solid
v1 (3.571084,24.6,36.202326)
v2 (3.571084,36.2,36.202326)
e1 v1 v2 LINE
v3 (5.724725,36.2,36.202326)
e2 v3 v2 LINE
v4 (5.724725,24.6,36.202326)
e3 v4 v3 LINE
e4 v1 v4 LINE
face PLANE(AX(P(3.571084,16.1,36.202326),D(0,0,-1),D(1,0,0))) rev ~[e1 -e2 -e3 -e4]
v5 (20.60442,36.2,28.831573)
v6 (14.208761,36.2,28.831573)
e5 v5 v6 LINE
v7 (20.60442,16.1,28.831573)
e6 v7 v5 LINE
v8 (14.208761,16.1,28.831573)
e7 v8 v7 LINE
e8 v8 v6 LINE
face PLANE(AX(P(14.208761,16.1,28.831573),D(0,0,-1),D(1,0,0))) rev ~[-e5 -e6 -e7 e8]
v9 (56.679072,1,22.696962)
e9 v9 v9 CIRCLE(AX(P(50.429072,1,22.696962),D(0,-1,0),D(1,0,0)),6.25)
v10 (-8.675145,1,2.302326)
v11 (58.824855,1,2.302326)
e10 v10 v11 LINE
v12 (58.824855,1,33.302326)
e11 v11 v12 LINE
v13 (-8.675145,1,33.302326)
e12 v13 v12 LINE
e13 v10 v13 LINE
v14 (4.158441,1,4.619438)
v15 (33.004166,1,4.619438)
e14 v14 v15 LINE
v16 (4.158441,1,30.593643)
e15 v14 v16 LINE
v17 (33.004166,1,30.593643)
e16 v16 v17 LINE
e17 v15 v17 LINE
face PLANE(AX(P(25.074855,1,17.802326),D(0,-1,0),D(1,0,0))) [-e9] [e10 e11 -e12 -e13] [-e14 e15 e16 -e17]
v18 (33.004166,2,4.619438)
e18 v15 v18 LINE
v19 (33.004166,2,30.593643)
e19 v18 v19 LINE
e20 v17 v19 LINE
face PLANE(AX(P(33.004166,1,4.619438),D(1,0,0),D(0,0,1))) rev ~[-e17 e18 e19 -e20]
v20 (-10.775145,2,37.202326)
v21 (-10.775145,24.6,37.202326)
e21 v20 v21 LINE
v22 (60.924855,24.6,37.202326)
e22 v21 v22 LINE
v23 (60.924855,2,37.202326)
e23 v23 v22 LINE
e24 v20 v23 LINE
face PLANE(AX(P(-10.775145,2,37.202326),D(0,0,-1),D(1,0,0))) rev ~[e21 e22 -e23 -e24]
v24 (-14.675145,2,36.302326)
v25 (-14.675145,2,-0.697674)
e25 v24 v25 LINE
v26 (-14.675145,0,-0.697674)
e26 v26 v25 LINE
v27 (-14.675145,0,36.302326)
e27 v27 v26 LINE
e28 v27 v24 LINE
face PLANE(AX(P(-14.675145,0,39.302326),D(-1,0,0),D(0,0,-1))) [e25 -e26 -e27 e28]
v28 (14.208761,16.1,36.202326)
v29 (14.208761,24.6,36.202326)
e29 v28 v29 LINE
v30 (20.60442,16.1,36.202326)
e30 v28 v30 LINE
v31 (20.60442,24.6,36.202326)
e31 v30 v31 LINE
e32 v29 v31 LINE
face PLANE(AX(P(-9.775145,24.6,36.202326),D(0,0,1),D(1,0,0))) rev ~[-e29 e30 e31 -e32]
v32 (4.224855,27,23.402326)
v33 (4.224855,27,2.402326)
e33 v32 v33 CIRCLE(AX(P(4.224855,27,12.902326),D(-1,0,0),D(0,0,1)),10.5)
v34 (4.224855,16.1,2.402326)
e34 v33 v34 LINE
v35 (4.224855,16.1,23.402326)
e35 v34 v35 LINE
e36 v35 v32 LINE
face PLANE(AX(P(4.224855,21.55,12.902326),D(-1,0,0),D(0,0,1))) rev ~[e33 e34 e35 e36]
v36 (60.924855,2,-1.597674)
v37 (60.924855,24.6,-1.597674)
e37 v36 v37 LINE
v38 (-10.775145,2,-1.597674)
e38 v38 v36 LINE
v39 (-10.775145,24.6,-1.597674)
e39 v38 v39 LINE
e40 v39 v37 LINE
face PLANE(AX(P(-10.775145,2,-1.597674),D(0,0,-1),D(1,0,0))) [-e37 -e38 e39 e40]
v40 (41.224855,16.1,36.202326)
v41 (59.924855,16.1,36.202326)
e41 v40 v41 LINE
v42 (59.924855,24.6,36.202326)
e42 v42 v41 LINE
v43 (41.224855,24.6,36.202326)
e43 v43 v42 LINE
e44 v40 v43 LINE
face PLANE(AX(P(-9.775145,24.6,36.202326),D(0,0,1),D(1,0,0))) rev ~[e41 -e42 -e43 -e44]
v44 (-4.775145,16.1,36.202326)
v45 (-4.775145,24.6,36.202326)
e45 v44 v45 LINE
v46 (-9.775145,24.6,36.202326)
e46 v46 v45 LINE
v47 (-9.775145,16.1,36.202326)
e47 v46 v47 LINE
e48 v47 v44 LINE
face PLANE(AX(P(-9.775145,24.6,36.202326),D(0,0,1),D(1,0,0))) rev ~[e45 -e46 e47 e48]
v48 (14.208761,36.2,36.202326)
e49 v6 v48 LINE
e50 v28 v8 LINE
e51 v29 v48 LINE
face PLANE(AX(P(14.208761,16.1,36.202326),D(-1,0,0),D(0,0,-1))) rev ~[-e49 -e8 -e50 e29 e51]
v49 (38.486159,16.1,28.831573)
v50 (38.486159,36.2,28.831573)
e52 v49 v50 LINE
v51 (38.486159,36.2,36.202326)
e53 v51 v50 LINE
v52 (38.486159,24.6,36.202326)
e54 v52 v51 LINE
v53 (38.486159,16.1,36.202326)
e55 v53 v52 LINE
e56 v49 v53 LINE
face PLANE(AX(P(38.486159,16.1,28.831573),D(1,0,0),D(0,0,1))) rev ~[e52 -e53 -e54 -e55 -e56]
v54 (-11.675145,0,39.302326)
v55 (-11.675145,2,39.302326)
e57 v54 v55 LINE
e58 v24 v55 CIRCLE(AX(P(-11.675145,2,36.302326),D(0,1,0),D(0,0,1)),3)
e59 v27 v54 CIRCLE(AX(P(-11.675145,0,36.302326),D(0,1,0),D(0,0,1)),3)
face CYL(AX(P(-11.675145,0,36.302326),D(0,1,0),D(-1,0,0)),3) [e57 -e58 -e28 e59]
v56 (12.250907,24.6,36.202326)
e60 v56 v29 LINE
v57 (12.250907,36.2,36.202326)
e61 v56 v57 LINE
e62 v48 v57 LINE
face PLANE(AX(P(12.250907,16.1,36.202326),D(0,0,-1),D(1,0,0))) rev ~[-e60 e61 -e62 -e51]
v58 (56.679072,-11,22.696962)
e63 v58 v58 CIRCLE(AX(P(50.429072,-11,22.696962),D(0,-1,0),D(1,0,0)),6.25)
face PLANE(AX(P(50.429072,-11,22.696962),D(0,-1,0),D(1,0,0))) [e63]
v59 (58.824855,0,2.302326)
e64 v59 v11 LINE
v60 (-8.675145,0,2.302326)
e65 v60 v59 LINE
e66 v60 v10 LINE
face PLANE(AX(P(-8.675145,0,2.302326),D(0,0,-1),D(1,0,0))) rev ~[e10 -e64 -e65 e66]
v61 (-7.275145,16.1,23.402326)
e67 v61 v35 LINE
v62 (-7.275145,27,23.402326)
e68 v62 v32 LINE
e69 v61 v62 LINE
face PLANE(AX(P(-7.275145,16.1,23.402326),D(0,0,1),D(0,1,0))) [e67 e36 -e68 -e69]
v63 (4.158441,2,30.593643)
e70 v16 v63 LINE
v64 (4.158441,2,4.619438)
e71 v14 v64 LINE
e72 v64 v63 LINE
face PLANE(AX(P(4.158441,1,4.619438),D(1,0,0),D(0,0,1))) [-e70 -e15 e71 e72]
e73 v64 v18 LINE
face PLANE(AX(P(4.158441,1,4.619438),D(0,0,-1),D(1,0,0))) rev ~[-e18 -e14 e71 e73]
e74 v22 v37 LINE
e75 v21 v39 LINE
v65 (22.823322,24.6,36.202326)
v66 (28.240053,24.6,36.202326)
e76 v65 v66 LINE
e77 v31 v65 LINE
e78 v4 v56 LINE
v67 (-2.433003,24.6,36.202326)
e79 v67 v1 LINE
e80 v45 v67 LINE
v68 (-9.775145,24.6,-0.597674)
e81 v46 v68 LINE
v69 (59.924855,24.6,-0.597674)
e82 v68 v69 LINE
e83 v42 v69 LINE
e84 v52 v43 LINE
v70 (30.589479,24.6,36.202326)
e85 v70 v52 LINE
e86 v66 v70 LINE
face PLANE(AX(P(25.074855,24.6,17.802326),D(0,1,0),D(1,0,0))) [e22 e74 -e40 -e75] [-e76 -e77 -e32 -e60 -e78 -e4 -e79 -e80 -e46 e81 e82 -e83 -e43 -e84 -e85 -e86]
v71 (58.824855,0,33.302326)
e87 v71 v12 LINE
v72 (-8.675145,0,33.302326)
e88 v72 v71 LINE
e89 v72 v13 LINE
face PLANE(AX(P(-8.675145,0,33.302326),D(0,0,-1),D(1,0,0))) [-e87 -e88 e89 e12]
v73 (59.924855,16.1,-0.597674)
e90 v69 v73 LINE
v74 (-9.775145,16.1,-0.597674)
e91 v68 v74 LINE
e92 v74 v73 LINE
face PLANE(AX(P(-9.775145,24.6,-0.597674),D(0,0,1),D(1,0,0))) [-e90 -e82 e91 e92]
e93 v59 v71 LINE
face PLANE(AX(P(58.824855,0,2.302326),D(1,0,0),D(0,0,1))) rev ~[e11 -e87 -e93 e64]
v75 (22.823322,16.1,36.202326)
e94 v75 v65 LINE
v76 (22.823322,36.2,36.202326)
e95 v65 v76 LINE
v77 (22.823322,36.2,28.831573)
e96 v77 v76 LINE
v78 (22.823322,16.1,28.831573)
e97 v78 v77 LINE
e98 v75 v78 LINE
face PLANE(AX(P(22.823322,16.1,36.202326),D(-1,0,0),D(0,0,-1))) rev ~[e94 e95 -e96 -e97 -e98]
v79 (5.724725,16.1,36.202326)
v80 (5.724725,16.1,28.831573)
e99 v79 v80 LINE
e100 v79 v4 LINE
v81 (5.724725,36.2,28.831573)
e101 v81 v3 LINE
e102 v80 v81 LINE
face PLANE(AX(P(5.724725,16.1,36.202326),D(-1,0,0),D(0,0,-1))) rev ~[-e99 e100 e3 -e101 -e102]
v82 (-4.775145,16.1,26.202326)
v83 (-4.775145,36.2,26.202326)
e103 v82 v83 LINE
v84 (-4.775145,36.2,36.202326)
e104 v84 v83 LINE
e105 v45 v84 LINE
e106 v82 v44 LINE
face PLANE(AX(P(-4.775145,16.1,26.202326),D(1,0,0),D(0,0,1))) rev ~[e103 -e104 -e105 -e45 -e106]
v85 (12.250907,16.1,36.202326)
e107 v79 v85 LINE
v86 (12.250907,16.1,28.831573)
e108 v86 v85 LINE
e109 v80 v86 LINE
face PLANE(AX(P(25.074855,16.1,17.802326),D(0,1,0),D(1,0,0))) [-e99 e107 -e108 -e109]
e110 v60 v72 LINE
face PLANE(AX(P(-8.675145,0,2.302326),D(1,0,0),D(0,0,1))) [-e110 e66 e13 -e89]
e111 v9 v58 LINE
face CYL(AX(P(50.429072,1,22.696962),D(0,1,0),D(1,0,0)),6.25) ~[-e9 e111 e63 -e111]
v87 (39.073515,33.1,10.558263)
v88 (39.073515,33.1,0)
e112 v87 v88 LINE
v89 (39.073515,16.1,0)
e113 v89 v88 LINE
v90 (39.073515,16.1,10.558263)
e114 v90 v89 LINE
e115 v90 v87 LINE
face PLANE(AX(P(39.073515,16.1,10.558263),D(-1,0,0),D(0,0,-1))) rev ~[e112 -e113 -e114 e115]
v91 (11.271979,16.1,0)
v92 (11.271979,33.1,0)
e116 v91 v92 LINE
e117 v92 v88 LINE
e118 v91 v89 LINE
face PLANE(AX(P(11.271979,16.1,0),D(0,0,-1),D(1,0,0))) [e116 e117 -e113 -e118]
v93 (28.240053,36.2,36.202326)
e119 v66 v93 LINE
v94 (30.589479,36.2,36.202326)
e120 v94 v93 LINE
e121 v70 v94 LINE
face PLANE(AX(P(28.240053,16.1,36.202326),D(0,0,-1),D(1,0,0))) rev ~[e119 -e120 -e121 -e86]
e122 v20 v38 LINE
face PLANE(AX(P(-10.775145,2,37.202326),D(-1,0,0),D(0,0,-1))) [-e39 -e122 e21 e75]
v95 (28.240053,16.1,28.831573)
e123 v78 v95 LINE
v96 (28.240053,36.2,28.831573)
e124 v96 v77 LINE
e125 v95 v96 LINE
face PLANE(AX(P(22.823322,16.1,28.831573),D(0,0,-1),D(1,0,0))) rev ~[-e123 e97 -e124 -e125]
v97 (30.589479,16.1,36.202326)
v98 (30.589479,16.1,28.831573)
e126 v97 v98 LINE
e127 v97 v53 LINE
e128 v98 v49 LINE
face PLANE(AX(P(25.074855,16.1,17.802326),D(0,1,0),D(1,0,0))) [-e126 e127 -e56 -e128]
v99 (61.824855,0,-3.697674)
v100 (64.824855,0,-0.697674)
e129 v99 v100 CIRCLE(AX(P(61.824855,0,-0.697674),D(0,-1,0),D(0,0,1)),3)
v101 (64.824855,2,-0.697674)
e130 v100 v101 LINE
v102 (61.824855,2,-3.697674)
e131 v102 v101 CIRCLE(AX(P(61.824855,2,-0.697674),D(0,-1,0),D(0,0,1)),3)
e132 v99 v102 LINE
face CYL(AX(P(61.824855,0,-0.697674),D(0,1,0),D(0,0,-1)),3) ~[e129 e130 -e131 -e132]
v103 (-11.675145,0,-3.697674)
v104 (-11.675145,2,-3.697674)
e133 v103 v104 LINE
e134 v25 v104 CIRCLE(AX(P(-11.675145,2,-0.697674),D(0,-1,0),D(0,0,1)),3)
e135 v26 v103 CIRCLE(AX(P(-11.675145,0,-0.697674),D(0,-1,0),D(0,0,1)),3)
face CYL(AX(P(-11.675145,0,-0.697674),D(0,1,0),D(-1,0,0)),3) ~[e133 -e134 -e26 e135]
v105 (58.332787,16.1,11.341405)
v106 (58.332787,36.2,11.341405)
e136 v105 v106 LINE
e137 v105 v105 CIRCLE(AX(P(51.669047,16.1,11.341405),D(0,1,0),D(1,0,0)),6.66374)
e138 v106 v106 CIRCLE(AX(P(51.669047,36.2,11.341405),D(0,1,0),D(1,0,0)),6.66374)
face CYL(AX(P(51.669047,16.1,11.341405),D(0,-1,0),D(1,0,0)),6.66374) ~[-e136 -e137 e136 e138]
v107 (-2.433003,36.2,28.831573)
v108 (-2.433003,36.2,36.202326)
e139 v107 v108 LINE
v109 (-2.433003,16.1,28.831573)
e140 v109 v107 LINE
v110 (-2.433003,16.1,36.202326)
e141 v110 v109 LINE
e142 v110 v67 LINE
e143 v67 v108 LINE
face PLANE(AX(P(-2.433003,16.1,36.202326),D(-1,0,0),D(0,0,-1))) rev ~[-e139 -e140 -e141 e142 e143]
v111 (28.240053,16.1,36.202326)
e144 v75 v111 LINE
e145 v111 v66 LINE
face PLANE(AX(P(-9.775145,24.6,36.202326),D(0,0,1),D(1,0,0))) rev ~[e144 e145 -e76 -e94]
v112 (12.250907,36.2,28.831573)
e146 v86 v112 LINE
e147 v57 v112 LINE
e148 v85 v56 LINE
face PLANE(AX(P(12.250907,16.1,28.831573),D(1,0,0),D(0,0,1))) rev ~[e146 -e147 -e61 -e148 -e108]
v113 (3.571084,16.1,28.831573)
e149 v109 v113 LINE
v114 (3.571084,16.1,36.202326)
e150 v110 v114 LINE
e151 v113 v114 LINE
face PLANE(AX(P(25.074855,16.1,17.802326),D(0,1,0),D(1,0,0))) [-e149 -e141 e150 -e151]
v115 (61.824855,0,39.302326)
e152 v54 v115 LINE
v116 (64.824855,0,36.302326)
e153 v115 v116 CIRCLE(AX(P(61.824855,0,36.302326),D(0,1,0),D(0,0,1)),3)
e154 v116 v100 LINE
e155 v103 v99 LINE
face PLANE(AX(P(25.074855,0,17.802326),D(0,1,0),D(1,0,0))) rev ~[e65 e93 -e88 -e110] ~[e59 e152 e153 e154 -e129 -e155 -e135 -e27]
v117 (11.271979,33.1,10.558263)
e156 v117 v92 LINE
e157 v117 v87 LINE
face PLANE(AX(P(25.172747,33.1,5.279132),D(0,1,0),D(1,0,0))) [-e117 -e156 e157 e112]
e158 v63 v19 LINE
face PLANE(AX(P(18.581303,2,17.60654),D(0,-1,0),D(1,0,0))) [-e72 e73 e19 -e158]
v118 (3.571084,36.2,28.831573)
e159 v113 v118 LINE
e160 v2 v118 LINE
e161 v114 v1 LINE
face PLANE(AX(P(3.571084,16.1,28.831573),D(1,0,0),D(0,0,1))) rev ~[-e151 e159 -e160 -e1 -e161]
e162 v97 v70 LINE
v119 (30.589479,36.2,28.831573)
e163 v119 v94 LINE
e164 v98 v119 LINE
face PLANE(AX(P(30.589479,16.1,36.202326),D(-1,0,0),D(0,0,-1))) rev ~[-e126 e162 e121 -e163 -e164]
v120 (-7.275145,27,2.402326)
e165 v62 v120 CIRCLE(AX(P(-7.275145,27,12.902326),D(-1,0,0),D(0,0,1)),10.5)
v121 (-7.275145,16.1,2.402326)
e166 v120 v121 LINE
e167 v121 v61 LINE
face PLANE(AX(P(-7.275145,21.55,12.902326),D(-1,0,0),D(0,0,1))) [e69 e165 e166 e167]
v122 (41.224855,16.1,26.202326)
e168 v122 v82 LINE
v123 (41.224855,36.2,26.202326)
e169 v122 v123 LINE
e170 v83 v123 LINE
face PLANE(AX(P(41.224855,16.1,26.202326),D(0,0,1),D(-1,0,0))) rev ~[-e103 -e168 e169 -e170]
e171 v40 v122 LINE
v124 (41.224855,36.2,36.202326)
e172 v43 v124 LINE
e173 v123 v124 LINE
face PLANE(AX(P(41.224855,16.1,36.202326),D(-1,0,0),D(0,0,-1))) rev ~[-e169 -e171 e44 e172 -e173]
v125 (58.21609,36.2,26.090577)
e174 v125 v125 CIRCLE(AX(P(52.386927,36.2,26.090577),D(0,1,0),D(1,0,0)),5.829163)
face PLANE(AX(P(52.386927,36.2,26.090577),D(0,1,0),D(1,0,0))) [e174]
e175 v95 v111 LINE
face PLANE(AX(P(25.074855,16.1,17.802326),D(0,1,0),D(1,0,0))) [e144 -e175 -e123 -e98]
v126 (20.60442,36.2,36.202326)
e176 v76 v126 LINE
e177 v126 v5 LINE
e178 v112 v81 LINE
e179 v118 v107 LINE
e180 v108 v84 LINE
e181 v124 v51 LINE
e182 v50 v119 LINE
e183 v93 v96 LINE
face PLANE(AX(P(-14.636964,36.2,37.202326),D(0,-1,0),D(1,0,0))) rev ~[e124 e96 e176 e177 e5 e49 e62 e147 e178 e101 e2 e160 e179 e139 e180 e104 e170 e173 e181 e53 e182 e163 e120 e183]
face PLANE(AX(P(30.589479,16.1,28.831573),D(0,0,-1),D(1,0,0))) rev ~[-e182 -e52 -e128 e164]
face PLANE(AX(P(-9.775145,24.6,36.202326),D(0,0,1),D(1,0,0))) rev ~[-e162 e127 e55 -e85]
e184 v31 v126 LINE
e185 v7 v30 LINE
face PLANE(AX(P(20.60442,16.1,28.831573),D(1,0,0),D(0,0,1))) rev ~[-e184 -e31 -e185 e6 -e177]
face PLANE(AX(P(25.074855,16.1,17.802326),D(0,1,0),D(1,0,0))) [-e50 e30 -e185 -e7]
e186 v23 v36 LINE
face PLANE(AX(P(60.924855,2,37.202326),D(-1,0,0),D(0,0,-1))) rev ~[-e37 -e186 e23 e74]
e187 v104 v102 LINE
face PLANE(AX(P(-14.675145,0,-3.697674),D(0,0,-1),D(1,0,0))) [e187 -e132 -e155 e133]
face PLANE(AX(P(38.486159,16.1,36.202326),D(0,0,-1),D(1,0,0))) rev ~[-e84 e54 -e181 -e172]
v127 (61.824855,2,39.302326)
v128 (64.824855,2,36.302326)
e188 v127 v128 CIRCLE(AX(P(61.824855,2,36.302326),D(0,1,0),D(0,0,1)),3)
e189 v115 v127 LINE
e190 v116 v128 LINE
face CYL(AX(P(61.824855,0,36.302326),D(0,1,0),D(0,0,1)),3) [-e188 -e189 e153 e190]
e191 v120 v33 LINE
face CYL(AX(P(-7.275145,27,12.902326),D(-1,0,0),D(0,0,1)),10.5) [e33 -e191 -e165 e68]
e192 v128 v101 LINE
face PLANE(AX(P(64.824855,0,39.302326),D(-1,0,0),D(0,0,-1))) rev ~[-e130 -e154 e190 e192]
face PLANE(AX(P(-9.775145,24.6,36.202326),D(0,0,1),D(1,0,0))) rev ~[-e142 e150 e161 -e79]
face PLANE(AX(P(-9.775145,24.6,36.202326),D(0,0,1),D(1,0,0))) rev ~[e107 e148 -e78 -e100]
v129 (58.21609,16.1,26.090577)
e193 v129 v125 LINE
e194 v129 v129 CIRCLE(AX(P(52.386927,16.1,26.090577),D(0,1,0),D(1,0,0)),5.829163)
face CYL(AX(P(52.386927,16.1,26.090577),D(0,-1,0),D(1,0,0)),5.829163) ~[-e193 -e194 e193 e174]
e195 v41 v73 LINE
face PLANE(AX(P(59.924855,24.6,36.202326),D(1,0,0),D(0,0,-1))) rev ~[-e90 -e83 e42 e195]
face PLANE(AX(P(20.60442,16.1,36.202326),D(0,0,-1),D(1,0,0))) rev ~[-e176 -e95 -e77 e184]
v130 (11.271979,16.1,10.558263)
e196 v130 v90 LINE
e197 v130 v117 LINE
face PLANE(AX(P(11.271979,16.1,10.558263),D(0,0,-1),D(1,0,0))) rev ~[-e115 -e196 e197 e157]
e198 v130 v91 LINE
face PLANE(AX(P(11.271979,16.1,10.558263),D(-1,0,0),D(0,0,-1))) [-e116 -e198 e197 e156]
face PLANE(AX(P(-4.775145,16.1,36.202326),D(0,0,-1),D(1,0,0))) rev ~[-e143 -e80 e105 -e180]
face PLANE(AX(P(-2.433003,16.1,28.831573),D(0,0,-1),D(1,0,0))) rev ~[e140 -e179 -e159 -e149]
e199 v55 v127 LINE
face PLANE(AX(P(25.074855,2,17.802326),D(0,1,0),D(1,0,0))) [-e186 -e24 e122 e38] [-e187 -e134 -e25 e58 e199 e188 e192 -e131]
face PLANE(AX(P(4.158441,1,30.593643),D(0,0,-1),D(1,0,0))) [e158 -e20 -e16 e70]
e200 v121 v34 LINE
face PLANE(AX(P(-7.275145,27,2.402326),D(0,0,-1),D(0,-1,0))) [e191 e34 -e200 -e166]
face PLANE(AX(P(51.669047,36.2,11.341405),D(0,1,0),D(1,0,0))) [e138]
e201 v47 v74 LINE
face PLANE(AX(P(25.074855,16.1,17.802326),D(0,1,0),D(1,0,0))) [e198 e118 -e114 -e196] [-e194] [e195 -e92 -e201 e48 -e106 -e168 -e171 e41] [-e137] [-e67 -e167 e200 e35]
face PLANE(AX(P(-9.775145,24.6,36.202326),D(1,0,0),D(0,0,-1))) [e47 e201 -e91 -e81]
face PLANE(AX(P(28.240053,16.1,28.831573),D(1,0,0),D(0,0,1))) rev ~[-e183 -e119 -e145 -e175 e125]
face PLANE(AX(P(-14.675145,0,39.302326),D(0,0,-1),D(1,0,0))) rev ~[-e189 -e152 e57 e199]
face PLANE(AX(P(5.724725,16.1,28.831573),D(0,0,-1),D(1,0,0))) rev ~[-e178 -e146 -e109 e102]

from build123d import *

# Parameters (mm, degrees)
SKETCH1_W           = 79.5
SKETCH1_H           = 43
BOSS_EXTRUDE1_DEPTH = 2
SKETCH2_W           = 71.7
SKETCH2_H           = 38.8
BOSS_EXTRUDE2_DEPTH = 22.6
SKETCH3_W           = 69.7
SKETCH3_H           = 36.8
CUT_EXTRUDE1_DEPTH  = 8.5
BOSS_EXTRUDE3_DEPTH = 22.6
SKETCH6_W           = 67.219676188
SKETCH6_H           = 8.940869551
CUT_EXTRUDE2_DEPTH  = 22.6
SKETCH7_R           = 6.66374012
SKETCH7_R_2         = 5.829163104
BOSS_EXTRUDE4_DEPTH = 20.1
FILLET1_R           = 3
SKETCH8_W           = 27.801535977
SKETCH8_H           = 10.55826339
BOSS_EXTRUDE5_DEPTH = 17
SKETCH9_W           = 67.5
SKETCH9_H           = 31
CUT_EXTRUDE3_DEPTH  = 1
SKETCH10_W          = 28.845725121
SKETCH10_H          = 25.974204973
CUT_EXTRUDE4_DEPTH  = 1
SKETCH11_R          = 6.25
BOSS_EXTRUDE6_DEPTH = 12
BOSS_EXTRUDE7_START = 2.5
BOSS_EXTRUDE7_DEPTH = 11.5


with BuildPart() as part:
    # Sketch1 → Boss-Extrude1 (new body)
    with BuildSketch(Plane(origin=(0, 0, 0), x_dir=(1, 0, 0), z_dir=(0, 1, 0))):
        with Locations((25.074854651, -17.802325581)):
            Rectangle(SKETCH1_W, SKETCH1_H)
    extrude(amount=BOSS_EXTRUDE1_DEPTH)

    # Sketch2 → Boss-Extrude2 (add)
    with BuildSketch(Plane(origin=(0, 2, 0), x_dir=(1, 0, 0), z_dir=(0, 1, 0))):
        with Locations((25.074854651, -17.802325581)):
            Rectangle(SKETCH2_W, SKETCH2_H)
    extrude(amount=BOSS_EXTRUDE2_DEPTH)

    # Sketch3 → Cut-Extrude1 (cut)
    with BuildSketch(Plane(origin=(0, 24.6, 0), x_dir=(1, 0, 0), z_dir=(0, 1, 0))):
        with Locations((25.074854651, -17.802325581)):
            Rectangle(SKETCH3_W, SKETCH3_H)
    extrude(amount=-CUT_EXTRUDE1_DEPTH, mode=Mode.SUBTRACT)

    # Sketch5 → Boss-Extrude3 (add)
    with BuildSketch(Plane(origin=(0, 16.1, 0), x_dir=(1, 0, 0), z_dir=(0, 1, 0))):
        Polygon((41.224854651, -26.202325581), (-4.775145349, -26.202325581), (-4.775145349, -36.202325581), (-2.433003128, -36.202325581), (-2.433003128, -28.831573422), (3.571084453, -28.831573422), (3.571084453, -36.202325581), (5.724724564, -36.202325581), (5.724724564, -28.831573422), (12.250906718, -28.831573422), (12.250906718, -36.202325581), (14.208761365, -36.202325581), (14.208761365, -28.831573422), (20.604419876, -28.831573422), (20.604419876, -36.202325581), (22.823321808, -36.202325581), (22.823321808, -28.831573422), (28.240052996, -28.831573422), (28.240052996, -36.202325581), (30.589478571, -36.202325581), (30.589478571, -28.831573422), (38.486158978, -28.831573422), (38.486158978, -36.202325581), (41.224854651, -36.202325581), align=None)
    extrude(amount=BOSS_EXTRUDE3_DEPTH)

    # Sketch6 → Cut-Extrude2 (cut)
    with BuildSketch(Plane.XY.offset(37.202325581)):
        with Locations((18.972874337, 40.670434775)):
            Rectangle(SKETCH6_W, SKETCH6_H)
    extrude(amount=-CUT_EXTRUDE2_DEPTH, mode=Mode.SUBTRACT)

    # Sketch7 → Boss-Extrude4 (add)
    with BuildSketch(Plane(origin=(0, 16.1, 0), x_dir=(1, 0, 0), z_dir=(0, 1, 0))):
        with Locations((51.669046929, -11.341405249)):
            Circle(SKETCH7_R)
        with Locations((52.386926966, -26.090576917)):
            Circle(SKETCH7_R_2)
    extrude(amount=BOSS_EXTRUDE4_DEPTH)

    # Fillet1
    fillet1_edges = [part.edges().sort_by_distance(p)[0] for p in [
        (-14.675145349, 1, -3.697674419),
        (64.824854651, 1, -3.697674419),
        (64.824854651, 1, 39.302325581),
        (-14.675145349, 1, 39.302325581),
    ]]
    fillet(fillet1_edges, radius=FILLET1_R)

    # Sketch8 → Boss-Extrude5 (add)
    with BuildSketch(Plane(origin=(0, 16.1, 0), x_dir=(1, 0, 0), z_dir=(0, 1, 0))):
        with Locations((25.172747384, -5.279131695)):
            Rectangle(SKETCH8_W, SKETCH8_H)
    extrude(amount=BOSS_EXTRUDE5_DEPTH)

    # Sketch9 → Cut-Extrude3 (cut)
    with BuildSketch(Plane.XZ):
        with Locations((25.074854651, 17.802325581)):
            Rectangle(SKETCH9_W, SKETCH9_H)
    extrude(amount=-CUT_EXTRUDE3_DEPTH, mode=Mode.SUBTRACT)

    # Sketch10 → Cut-Extrude4 (cut)
    with BuildSketch(Plane.XZ.offset(-1)):
        with Locations((18.581303408, 17.606540116)):
            Rectangle(SKETCH10_W, SKETCH10_H)
    extrude(amount=-CUT_EXTRUDE4_DEPTH, mode=Mode.SUBTRACT)

    # Sketch11 → Boss-Extrude6 (add)
    with BuildSketch(Plane.XZ.offset(-1)):
        with Locations((50.42907232, 22.696962197)):
            Circle(SKETCH11_R)
    extrude(amount=BOSS_EXTRUDE6_DEPTH)

    # Sketch12 → Boss-Extrude7 (add)
    with BuildSketch(Plane(origin=(-9.775145349, 0, 0), x_dir=(0, 0, -1), z_dir=(1, 0, 0)).offset(BOSS_EXTRUDE7_START)):
        with BuildLine():
            Line((-23.402325581, 16.1), (-23.402325581, 27))
            ThreePointArc((-23.402325581, 27), (-12.902325581, 37.5), (-2.402325581, 27))
            Line((-2.402325581, 27), (-2.402325581, 16.1))
            ThreePointArc((-2.402325581, 16.1), (-12.902325581, 5.6), (-23.402325581, 16.1))
        make_face()
    extrude(amount=BOSS_EXTRUDE7_DEPTH)


solid = part.part
